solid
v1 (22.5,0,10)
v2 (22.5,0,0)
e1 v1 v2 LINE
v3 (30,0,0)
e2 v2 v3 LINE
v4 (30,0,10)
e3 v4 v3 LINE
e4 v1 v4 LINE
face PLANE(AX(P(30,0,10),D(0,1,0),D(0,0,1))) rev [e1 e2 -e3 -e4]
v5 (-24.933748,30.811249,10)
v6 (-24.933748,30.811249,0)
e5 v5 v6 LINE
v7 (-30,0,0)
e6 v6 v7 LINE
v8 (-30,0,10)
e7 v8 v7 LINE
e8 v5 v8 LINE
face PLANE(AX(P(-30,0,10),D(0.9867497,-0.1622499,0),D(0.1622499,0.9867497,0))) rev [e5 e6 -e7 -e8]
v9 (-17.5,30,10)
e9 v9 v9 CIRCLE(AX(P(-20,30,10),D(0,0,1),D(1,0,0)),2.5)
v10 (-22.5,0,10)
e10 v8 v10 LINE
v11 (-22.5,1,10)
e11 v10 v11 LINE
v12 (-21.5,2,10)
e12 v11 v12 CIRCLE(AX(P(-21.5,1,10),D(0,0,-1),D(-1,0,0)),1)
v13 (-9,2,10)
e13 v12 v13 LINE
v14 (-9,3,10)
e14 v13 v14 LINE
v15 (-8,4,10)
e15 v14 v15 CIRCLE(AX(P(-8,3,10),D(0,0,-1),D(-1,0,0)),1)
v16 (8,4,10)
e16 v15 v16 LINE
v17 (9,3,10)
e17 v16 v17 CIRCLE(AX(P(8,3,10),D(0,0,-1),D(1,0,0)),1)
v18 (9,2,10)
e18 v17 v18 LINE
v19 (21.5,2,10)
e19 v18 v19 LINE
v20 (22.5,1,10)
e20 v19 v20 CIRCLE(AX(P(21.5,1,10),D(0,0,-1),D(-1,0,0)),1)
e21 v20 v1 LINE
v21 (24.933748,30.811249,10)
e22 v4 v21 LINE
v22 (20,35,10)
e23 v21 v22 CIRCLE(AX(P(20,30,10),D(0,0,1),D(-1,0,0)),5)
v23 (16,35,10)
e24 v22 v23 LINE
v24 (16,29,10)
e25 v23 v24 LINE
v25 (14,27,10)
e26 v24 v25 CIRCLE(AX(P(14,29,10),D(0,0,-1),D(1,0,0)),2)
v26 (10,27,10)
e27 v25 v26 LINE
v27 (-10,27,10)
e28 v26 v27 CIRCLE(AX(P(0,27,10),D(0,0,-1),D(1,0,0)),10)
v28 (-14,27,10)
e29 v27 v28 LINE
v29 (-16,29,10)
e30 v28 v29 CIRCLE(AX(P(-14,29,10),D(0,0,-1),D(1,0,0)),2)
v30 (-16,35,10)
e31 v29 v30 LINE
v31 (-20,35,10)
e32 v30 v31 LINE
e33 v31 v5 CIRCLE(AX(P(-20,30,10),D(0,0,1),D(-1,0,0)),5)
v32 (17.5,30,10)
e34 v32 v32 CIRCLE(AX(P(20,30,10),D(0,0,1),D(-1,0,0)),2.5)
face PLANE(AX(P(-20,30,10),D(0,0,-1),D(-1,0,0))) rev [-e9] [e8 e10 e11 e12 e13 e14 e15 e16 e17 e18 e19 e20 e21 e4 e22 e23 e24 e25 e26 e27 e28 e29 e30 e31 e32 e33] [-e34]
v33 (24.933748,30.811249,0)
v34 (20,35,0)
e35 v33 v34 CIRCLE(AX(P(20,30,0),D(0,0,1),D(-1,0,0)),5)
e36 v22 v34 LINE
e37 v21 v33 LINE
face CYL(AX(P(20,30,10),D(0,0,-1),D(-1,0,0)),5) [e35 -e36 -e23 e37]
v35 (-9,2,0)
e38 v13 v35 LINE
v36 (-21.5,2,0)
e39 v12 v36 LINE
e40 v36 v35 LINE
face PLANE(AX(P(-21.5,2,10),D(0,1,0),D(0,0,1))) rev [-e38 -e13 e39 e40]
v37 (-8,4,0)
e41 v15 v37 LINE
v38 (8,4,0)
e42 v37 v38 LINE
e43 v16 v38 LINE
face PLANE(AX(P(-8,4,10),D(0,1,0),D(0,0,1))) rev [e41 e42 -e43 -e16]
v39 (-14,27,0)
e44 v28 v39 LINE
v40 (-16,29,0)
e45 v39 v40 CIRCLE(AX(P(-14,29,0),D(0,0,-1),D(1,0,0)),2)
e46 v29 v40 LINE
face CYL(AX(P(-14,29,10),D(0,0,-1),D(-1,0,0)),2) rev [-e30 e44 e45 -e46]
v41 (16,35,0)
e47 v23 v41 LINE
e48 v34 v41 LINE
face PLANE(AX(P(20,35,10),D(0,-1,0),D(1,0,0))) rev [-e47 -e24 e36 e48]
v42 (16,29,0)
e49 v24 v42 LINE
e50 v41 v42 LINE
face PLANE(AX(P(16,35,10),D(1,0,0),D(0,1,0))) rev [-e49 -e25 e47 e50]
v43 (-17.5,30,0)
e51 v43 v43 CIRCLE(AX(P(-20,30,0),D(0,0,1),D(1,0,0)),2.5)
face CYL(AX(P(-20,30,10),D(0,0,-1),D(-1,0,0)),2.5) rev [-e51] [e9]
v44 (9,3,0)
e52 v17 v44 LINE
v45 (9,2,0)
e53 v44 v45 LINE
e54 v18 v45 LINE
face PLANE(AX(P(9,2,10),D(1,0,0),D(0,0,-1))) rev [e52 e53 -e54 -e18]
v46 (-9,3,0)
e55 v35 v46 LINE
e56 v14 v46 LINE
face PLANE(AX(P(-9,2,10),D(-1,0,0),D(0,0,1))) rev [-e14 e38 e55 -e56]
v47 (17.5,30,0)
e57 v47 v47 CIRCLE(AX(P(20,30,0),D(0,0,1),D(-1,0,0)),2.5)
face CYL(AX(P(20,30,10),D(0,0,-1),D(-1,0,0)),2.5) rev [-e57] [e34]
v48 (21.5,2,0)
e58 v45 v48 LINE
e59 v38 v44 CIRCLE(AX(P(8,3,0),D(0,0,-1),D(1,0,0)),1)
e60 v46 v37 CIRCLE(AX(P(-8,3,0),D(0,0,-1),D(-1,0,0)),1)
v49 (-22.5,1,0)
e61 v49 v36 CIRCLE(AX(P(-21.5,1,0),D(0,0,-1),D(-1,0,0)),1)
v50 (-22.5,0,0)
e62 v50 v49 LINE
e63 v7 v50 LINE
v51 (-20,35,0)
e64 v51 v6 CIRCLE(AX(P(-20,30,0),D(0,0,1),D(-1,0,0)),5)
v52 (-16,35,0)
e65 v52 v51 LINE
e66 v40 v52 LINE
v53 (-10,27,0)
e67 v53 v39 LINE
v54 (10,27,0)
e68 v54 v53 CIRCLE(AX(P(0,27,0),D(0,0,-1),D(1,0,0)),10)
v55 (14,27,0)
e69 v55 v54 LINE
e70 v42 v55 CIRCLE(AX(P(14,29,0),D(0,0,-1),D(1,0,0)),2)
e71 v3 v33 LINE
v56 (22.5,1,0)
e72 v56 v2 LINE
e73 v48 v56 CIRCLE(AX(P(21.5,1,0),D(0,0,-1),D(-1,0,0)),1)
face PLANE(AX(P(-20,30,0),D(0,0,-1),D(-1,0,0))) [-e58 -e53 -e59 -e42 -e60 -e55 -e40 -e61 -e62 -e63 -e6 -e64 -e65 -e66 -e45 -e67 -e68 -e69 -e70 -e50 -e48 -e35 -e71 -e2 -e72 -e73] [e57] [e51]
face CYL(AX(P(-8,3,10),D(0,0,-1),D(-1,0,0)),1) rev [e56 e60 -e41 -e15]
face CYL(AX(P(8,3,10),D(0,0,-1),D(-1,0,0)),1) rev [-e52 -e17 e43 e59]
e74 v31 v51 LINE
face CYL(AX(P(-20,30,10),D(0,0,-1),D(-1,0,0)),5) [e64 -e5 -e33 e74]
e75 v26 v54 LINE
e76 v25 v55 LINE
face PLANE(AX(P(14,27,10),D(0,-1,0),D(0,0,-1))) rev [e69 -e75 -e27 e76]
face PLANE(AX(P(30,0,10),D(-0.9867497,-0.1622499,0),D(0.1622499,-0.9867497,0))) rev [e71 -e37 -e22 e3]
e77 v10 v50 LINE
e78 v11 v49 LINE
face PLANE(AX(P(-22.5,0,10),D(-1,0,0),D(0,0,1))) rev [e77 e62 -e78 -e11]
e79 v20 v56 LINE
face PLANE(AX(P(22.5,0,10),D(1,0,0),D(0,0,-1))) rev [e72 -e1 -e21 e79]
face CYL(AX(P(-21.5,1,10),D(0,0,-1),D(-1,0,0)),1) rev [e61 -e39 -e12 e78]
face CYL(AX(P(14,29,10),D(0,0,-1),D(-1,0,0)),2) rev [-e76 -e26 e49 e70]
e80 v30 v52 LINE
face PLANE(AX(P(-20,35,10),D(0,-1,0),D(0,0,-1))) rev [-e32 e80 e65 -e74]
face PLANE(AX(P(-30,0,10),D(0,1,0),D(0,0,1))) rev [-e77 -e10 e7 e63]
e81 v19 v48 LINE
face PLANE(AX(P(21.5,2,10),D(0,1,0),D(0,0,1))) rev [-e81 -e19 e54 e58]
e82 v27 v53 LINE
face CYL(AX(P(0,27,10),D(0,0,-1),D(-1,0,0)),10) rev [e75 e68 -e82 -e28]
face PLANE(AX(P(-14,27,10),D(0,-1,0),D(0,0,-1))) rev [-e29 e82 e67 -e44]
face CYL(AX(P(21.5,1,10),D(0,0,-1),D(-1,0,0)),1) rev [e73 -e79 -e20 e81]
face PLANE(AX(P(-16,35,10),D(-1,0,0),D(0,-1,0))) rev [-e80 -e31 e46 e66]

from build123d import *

# Parameters (mm, degrees)
SKETCH1_R           = 2.5
BOSS_EXTRUDE1_DEPTH = 10


with BuildPart() as part:
    # Sketch1 → Boss-Extrude1 (new body)
    with BuildSketch(Plane.XY):
        with BuildLine():
            Line((-30, 0), (-22.5, 0))
            Line((-22.5, 0), (-22.5, 1))
            ThreePointArc((-22.5, 1), (-22.207106781, 1.707106781), (-21.5, 2))
            Line((-21.5, 2), (-9, 2))
            Line((-9, 2), (-9, 3))
            ThreePointArc((-9, 3), (-8.707106781, 3.707106781), (-8, 4))
            Line((-8, 4), (8, 4))
            ThreePointArc((8, 4), (8.707106781, 3.707106781), (9, 3))
            Line((9, 3), (9, 2))
            Line((9, 2), (21.5, 2))
            ThreePointArc((21.5, 2), (22.207106781, 1.707106781), (22.5, 1))
            Line((22.5, 1), (22.5, 0))
            Line((22.5, 0), (30, 0))
            Line((30, 0), (24.933748499, 30.8112495))
            ThreePointArc((24.933748499, 30.8112495), (23.236027851, 33.811577593), (20, 35))
            Line((20, 35), (16, 35))
            Line((16, 35), (16, 29))
            ThreePointArc((16, 29), (15.414213562, 27.585786438), (14, 27))
            Line((14, 27), (10, 27))
            ThreePointArc((10, 27), (0, 17), (-10, 27))
            Line((-10, 27), (-14, 27))
            ThreePointArc((-14, 27), (-15.414213562, 27.585786438), (-16, 29))
            Line((-16, 29), (-16, 35))
            Line((-16, 35), (-20, 35))
            ThreePointArc((-20, 35), (-23.236027851, 33.811577593), (-24.933748499, 30.8112495))
            Line((-24.933748499, 30.8112495), (-30, 0))
        make_face()
        with Locations((-20, 30)):
            Circle(SKETCH1_R, mode=Mode.SUBTRACT)
        with Locations(Location((20, 30, 0), (0, 0, 180))):
            Circle(SKETCH1_R, mode=Mode.SUBTRACT)
    extrude(amount=BOSS_EXTRUDE1_DEPTH)


solid = part.part
